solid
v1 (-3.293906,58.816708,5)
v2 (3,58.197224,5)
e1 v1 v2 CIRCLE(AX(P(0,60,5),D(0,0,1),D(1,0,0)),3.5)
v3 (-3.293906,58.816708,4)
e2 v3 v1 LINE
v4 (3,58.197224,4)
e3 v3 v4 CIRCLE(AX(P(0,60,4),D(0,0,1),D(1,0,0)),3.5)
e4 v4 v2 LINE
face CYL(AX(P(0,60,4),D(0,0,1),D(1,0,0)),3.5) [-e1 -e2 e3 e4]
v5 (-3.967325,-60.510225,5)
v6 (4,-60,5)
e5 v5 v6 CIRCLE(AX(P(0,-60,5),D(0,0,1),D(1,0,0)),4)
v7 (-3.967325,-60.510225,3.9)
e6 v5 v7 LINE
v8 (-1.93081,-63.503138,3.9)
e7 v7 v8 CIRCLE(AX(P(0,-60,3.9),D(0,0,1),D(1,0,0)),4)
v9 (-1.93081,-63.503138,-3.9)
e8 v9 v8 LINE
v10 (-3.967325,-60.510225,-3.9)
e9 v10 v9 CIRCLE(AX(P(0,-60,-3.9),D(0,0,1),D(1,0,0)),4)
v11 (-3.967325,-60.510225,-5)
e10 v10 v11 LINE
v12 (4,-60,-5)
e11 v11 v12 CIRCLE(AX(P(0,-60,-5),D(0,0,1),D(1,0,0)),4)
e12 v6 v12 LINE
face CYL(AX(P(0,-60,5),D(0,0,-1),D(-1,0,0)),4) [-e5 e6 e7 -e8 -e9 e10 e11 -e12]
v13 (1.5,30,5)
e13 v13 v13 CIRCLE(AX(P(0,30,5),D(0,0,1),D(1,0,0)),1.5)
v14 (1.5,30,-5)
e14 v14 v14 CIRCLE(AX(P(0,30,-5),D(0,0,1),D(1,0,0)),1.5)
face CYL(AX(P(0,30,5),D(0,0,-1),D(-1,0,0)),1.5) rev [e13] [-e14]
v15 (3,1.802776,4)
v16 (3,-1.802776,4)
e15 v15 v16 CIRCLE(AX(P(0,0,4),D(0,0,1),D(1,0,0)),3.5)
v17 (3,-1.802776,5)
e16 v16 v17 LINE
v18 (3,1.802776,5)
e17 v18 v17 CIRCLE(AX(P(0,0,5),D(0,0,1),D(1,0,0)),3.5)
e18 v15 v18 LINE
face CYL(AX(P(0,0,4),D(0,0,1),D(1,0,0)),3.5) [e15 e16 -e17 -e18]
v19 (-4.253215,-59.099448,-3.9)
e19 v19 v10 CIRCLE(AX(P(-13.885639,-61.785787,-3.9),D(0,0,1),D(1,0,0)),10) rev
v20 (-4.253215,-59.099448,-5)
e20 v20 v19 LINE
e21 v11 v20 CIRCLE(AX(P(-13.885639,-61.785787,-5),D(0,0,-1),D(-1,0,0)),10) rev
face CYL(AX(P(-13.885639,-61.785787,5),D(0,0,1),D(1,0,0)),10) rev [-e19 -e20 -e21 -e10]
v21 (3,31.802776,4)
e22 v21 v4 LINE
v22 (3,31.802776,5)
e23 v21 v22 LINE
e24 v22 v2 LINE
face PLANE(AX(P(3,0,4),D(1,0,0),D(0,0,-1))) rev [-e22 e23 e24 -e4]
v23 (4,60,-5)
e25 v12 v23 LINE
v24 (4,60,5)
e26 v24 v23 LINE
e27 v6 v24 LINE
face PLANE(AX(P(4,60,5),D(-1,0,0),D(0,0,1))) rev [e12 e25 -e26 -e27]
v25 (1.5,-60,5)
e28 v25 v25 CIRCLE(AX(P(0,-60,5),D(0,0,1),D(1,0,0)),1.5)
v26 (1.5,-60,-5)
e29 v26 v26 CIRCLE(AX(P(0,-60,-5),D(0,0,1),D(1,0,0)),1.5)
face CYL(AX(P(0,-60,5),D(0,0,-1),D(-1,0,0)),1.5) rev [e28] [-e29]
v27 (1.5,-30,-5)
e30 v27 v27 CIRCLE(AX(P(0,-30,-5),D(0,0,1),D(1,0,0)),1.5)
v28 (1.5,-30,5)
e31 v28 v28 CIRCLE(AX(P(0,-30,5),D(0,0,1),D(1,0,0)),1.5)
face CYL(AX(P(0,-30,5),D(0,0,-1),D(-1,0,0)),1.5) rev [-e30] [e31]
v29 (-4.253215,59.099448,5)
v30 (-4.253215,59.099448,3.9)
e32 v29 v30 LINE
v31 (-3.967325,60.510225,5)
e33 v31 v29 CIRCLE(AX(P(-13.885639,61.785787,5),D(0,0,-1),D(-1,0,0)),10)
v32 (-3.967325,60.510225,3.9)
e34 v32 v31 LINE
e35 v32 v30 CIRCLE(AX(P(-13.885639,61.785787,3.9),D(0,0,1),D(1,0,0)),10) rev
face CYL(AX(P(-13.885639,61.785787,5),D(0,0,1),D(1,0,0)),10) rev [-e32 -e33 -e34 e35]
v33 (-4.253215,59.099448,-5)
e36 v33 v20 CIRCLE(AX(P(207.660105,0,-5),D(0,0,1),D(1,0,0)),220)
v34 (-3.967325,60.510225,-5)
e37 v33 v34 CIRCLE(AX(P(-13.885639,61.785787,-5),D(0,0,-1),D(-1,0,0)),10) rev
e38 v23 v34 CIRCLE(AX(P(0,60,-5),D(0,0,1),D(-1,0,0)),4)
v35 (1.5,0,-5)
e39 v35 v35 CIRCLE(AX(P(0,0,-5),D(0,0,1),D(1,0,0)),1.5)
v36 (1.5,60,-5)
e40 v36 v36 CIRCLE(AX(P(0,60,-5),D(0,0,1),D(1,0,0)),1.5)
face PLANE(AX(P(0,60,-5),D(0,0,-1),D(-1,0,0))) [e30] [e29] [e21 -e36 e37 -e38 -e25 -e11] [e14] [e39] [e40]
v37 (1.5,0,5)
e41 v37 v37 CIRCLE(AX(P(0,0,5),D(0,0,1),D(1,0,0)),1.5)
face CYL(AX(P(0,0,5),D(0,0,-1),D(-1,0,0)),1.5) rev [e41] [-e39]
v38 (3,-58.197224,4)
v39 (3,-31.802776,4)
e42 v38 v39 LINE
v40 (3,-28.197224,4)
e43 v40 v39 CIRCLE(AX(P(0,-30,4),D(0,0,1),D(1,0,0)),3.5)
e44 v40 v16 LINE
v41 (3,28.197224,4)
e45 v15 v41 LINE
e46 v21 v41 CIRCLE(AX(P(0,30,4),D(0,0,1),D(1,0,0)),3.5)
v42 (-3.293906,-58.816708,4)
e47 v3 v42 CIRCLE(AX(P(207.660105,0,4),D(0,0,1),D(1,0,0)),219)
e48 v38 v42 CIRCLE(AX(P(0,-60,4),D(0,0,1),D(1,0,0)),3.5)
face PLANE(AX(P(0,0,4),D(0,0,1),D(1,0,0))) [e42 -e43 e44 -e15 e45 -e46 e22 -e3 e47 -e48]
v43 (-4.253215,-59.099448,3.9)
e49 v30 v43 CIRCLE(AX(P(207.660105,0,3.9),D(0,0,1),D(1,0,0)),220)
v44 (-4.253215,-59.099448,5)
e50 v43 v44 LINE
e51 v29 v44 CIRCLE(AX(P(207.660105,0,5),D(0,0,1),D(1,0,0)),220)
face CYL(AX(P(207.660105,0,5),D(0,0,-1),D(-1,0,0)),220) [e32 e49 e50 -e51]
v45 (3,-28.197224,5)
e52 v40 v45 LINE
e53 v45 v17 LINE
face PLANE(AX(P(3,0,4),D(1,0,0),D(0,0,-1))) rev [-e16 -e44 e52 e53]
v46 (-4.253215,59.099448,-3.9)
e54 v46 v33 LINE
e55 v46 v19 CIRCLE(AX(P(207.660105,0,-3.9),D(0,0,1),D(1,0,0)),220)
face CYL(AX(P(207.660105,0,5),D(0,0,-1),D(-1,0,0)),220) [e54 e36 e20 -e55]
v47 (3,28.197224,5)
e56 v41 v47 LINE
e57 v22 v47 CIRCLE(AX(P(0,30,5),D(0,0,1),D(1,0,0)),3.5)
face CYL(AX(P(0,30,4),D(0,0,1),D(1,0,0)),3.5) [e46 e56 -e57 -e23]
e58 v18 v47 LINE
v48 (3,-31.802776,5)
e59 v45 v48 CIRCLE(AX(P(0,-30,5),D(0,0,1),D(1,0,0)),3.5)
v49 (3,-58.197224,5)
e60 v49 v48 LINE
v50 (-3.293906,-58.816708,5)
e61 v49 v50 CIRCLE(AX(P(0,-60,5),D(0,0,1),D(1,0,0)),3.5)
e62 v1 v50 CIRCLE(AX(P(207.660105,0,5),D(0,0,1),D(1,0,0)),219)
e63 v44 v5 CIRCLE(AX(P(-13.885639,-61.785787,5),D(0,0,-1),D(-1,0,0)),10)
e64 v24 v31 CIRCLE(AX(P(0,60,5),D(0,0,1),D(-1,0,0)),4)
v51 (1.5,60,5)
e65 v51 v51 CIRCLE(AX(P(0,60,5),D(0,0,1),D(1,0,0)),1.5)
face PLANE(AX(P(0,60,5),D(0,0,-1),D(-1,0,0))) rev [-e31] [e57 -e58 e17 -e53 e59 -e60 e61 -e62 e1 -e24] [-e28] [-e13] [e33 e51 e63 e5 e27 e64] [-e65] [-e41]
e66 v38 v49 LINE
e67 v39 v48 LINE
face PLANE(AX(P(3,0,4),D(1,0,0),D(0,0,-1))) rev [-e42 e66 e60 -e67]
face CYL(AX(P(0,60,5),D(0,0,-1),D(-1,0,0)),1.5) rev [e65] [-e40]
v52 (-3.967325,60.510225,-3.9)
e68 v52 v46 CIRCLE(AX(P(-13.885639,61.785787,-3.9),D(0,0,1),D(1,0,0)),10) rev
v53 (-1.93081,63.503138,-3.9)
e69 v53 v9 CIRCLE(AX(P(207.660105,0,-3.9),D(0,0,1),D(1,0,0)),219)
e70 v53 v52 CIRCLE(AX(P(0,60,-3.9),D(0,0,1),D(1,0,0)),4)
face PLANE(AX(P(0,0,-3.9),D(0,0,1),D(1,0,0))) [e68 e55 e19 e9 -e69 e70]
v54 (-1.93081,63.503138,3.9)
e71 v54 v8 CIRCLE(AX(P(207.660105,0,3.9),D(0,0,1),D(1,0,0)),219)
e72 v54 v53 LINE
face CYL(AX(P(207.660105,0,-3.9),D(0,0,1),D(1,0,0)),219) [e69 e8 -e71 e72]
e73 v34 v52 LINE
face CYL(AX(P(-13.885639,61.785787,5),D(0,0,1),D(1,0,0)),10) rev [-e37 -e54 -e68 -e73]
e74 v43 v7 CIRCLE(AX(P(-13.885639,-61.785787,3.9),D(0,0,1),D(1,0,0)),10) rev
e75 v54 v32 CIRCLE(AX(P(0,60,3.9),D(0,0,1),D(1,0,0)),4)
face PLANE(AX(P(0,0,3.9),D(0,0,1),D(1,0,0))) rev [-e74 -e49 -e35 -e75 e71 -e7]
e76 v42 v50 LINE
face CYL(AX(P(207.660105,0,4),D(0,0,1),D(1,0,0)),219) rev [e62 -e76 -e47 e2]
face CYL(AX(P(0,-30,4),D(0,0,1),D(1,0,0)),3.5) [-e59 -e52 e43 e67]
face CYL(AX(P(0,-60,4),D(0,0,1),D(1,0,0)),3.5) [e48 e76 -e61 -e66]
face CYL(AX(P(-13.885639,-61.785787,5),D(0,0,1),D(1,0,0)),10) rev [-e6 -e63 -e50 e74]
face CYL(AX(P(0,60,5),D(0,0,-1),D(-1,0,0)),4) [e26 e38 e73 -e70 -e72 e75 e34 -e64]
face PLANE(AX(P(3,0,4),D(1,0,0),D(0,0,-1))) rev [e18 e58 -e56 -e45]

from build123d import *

# Parameters (mm, degrees)
SKETCH1_R           = 1.5
BOSS_EXTRUDE1_DEPTH = 5
FILLET1_R           = 10
CUT_EXTRUDE1_DEPTH  = 1
CUT_EXTRUDE2_DEPTH  = 3.9


with BuildPart() as part:
    # Sketch1 → Boss-Extrude1 (new, symmetric)
    with BuildSketch(Plane.XY):
        with BuildLine():
            Line((4, 60), (4, -60))
            ThreePointArc((4, -60), (0, -64), (-4, -60))
            ThreePointArc((-4, -60), (-12.339895115, 0), (-4, 60))
            ThreePointArc((-4, 60), (0, 64), (4, 60))
        make_face()
        with Locations((0, 60)):
            Circle(SKETCH1_R, mode=Mode.SUBTRACT)
        with Locations((0, 30)):
            Circle(SKETCH1_R, mode=Mode.SUBTRACT)
        with Locations((0, -30)):
            Circle(SKETCH1_R, mode=Mode.SUBTRACT)
        Circle(SKETCH1_R, mode=Mode.SUBTRACT)
        with Locations((0, -60)):
            Circle(SKETCH1_R, mode=Mode.SUBTRACT)
    extrude(amount=BOSS_EXTRUDE1_DEPTH, both=True)

    # Fillet1
    fillet1_edges = [part.edges().sort_by_distance(p)[0] for p in [
        (-4, -60, 0),
        (-4, 60, 0),
    ]]
    fillet(fillet1_edges, radius=FILLET1_R)

    # Sketch2 → Cut-Extrude1 (cut)
    with BuildSketch(Plane.XY.offset(5)):
        with BuildLine():
            ThreePointArc((-3.293906421, -58.816707776), (-0.342834029, -56.516831209), (3, -58.197224362))
            Line((3, -58.197224362), (3, -31.802775638))
            ThreePointArc((3, -31.802775638), (-3.5, -30), (3, -28.197224362))
            Line((3, -28.197224362), (3, -1.802775638))
            ThreePointArc((3, -1.802775638), (-3.5, 0), (3, 1.802775638))
            Line((3, 1.802775638), (3, 28.197224362))
            ThreePointArc((3, 28.197224362), (-3.5, 30), (3, 31.802775638))
            Line((3, 31.802775638), (3, 58.197224362))
            ThreePointArc((3, 58.197224362), (-0.342834029, 56.516831209), (-3.293906421, 58.816707776))
            ThreePointArc((-3.293906421, 58.816707776), (-11.339895115, 0), (-3.293906421, -58.816707776))
        make_face()
    extrude(amount=-CUT_EXTRUDE1_DEPTH, mode=Mode.SUBTRACT)

    # Sketch3 → Cut-Extrude2 (cut, symmetric)
    with BuildSketch(Plane.XY):
        with BuildLine():
            ThreePointArc((-3.293906421, 58.816707776), (-1.64732722, 64.431350021), (0.148659418, 70))
            Line((0.148659418, 70), (-49.851340582, 70))
            Line((-49.851340582, 70), (-49.851340582, -70))
            Line((-49.851340582, -70), (0.148659418, -70))
            ThreePointArc((0.148659418, -70), (-1.64732722, -64.431350021), (-3.293906421, -58.816707776))
            ThreePointArc((-3.293906421, -58.816707776), (-11.339895115, 0), (-3.293906421, 58.816707776))
        make_face()
    extrude(amount=CUT_EXTRUDE2_DEPTH, both=True, mode=Mode.SUBTRACT)


solid = part.part
